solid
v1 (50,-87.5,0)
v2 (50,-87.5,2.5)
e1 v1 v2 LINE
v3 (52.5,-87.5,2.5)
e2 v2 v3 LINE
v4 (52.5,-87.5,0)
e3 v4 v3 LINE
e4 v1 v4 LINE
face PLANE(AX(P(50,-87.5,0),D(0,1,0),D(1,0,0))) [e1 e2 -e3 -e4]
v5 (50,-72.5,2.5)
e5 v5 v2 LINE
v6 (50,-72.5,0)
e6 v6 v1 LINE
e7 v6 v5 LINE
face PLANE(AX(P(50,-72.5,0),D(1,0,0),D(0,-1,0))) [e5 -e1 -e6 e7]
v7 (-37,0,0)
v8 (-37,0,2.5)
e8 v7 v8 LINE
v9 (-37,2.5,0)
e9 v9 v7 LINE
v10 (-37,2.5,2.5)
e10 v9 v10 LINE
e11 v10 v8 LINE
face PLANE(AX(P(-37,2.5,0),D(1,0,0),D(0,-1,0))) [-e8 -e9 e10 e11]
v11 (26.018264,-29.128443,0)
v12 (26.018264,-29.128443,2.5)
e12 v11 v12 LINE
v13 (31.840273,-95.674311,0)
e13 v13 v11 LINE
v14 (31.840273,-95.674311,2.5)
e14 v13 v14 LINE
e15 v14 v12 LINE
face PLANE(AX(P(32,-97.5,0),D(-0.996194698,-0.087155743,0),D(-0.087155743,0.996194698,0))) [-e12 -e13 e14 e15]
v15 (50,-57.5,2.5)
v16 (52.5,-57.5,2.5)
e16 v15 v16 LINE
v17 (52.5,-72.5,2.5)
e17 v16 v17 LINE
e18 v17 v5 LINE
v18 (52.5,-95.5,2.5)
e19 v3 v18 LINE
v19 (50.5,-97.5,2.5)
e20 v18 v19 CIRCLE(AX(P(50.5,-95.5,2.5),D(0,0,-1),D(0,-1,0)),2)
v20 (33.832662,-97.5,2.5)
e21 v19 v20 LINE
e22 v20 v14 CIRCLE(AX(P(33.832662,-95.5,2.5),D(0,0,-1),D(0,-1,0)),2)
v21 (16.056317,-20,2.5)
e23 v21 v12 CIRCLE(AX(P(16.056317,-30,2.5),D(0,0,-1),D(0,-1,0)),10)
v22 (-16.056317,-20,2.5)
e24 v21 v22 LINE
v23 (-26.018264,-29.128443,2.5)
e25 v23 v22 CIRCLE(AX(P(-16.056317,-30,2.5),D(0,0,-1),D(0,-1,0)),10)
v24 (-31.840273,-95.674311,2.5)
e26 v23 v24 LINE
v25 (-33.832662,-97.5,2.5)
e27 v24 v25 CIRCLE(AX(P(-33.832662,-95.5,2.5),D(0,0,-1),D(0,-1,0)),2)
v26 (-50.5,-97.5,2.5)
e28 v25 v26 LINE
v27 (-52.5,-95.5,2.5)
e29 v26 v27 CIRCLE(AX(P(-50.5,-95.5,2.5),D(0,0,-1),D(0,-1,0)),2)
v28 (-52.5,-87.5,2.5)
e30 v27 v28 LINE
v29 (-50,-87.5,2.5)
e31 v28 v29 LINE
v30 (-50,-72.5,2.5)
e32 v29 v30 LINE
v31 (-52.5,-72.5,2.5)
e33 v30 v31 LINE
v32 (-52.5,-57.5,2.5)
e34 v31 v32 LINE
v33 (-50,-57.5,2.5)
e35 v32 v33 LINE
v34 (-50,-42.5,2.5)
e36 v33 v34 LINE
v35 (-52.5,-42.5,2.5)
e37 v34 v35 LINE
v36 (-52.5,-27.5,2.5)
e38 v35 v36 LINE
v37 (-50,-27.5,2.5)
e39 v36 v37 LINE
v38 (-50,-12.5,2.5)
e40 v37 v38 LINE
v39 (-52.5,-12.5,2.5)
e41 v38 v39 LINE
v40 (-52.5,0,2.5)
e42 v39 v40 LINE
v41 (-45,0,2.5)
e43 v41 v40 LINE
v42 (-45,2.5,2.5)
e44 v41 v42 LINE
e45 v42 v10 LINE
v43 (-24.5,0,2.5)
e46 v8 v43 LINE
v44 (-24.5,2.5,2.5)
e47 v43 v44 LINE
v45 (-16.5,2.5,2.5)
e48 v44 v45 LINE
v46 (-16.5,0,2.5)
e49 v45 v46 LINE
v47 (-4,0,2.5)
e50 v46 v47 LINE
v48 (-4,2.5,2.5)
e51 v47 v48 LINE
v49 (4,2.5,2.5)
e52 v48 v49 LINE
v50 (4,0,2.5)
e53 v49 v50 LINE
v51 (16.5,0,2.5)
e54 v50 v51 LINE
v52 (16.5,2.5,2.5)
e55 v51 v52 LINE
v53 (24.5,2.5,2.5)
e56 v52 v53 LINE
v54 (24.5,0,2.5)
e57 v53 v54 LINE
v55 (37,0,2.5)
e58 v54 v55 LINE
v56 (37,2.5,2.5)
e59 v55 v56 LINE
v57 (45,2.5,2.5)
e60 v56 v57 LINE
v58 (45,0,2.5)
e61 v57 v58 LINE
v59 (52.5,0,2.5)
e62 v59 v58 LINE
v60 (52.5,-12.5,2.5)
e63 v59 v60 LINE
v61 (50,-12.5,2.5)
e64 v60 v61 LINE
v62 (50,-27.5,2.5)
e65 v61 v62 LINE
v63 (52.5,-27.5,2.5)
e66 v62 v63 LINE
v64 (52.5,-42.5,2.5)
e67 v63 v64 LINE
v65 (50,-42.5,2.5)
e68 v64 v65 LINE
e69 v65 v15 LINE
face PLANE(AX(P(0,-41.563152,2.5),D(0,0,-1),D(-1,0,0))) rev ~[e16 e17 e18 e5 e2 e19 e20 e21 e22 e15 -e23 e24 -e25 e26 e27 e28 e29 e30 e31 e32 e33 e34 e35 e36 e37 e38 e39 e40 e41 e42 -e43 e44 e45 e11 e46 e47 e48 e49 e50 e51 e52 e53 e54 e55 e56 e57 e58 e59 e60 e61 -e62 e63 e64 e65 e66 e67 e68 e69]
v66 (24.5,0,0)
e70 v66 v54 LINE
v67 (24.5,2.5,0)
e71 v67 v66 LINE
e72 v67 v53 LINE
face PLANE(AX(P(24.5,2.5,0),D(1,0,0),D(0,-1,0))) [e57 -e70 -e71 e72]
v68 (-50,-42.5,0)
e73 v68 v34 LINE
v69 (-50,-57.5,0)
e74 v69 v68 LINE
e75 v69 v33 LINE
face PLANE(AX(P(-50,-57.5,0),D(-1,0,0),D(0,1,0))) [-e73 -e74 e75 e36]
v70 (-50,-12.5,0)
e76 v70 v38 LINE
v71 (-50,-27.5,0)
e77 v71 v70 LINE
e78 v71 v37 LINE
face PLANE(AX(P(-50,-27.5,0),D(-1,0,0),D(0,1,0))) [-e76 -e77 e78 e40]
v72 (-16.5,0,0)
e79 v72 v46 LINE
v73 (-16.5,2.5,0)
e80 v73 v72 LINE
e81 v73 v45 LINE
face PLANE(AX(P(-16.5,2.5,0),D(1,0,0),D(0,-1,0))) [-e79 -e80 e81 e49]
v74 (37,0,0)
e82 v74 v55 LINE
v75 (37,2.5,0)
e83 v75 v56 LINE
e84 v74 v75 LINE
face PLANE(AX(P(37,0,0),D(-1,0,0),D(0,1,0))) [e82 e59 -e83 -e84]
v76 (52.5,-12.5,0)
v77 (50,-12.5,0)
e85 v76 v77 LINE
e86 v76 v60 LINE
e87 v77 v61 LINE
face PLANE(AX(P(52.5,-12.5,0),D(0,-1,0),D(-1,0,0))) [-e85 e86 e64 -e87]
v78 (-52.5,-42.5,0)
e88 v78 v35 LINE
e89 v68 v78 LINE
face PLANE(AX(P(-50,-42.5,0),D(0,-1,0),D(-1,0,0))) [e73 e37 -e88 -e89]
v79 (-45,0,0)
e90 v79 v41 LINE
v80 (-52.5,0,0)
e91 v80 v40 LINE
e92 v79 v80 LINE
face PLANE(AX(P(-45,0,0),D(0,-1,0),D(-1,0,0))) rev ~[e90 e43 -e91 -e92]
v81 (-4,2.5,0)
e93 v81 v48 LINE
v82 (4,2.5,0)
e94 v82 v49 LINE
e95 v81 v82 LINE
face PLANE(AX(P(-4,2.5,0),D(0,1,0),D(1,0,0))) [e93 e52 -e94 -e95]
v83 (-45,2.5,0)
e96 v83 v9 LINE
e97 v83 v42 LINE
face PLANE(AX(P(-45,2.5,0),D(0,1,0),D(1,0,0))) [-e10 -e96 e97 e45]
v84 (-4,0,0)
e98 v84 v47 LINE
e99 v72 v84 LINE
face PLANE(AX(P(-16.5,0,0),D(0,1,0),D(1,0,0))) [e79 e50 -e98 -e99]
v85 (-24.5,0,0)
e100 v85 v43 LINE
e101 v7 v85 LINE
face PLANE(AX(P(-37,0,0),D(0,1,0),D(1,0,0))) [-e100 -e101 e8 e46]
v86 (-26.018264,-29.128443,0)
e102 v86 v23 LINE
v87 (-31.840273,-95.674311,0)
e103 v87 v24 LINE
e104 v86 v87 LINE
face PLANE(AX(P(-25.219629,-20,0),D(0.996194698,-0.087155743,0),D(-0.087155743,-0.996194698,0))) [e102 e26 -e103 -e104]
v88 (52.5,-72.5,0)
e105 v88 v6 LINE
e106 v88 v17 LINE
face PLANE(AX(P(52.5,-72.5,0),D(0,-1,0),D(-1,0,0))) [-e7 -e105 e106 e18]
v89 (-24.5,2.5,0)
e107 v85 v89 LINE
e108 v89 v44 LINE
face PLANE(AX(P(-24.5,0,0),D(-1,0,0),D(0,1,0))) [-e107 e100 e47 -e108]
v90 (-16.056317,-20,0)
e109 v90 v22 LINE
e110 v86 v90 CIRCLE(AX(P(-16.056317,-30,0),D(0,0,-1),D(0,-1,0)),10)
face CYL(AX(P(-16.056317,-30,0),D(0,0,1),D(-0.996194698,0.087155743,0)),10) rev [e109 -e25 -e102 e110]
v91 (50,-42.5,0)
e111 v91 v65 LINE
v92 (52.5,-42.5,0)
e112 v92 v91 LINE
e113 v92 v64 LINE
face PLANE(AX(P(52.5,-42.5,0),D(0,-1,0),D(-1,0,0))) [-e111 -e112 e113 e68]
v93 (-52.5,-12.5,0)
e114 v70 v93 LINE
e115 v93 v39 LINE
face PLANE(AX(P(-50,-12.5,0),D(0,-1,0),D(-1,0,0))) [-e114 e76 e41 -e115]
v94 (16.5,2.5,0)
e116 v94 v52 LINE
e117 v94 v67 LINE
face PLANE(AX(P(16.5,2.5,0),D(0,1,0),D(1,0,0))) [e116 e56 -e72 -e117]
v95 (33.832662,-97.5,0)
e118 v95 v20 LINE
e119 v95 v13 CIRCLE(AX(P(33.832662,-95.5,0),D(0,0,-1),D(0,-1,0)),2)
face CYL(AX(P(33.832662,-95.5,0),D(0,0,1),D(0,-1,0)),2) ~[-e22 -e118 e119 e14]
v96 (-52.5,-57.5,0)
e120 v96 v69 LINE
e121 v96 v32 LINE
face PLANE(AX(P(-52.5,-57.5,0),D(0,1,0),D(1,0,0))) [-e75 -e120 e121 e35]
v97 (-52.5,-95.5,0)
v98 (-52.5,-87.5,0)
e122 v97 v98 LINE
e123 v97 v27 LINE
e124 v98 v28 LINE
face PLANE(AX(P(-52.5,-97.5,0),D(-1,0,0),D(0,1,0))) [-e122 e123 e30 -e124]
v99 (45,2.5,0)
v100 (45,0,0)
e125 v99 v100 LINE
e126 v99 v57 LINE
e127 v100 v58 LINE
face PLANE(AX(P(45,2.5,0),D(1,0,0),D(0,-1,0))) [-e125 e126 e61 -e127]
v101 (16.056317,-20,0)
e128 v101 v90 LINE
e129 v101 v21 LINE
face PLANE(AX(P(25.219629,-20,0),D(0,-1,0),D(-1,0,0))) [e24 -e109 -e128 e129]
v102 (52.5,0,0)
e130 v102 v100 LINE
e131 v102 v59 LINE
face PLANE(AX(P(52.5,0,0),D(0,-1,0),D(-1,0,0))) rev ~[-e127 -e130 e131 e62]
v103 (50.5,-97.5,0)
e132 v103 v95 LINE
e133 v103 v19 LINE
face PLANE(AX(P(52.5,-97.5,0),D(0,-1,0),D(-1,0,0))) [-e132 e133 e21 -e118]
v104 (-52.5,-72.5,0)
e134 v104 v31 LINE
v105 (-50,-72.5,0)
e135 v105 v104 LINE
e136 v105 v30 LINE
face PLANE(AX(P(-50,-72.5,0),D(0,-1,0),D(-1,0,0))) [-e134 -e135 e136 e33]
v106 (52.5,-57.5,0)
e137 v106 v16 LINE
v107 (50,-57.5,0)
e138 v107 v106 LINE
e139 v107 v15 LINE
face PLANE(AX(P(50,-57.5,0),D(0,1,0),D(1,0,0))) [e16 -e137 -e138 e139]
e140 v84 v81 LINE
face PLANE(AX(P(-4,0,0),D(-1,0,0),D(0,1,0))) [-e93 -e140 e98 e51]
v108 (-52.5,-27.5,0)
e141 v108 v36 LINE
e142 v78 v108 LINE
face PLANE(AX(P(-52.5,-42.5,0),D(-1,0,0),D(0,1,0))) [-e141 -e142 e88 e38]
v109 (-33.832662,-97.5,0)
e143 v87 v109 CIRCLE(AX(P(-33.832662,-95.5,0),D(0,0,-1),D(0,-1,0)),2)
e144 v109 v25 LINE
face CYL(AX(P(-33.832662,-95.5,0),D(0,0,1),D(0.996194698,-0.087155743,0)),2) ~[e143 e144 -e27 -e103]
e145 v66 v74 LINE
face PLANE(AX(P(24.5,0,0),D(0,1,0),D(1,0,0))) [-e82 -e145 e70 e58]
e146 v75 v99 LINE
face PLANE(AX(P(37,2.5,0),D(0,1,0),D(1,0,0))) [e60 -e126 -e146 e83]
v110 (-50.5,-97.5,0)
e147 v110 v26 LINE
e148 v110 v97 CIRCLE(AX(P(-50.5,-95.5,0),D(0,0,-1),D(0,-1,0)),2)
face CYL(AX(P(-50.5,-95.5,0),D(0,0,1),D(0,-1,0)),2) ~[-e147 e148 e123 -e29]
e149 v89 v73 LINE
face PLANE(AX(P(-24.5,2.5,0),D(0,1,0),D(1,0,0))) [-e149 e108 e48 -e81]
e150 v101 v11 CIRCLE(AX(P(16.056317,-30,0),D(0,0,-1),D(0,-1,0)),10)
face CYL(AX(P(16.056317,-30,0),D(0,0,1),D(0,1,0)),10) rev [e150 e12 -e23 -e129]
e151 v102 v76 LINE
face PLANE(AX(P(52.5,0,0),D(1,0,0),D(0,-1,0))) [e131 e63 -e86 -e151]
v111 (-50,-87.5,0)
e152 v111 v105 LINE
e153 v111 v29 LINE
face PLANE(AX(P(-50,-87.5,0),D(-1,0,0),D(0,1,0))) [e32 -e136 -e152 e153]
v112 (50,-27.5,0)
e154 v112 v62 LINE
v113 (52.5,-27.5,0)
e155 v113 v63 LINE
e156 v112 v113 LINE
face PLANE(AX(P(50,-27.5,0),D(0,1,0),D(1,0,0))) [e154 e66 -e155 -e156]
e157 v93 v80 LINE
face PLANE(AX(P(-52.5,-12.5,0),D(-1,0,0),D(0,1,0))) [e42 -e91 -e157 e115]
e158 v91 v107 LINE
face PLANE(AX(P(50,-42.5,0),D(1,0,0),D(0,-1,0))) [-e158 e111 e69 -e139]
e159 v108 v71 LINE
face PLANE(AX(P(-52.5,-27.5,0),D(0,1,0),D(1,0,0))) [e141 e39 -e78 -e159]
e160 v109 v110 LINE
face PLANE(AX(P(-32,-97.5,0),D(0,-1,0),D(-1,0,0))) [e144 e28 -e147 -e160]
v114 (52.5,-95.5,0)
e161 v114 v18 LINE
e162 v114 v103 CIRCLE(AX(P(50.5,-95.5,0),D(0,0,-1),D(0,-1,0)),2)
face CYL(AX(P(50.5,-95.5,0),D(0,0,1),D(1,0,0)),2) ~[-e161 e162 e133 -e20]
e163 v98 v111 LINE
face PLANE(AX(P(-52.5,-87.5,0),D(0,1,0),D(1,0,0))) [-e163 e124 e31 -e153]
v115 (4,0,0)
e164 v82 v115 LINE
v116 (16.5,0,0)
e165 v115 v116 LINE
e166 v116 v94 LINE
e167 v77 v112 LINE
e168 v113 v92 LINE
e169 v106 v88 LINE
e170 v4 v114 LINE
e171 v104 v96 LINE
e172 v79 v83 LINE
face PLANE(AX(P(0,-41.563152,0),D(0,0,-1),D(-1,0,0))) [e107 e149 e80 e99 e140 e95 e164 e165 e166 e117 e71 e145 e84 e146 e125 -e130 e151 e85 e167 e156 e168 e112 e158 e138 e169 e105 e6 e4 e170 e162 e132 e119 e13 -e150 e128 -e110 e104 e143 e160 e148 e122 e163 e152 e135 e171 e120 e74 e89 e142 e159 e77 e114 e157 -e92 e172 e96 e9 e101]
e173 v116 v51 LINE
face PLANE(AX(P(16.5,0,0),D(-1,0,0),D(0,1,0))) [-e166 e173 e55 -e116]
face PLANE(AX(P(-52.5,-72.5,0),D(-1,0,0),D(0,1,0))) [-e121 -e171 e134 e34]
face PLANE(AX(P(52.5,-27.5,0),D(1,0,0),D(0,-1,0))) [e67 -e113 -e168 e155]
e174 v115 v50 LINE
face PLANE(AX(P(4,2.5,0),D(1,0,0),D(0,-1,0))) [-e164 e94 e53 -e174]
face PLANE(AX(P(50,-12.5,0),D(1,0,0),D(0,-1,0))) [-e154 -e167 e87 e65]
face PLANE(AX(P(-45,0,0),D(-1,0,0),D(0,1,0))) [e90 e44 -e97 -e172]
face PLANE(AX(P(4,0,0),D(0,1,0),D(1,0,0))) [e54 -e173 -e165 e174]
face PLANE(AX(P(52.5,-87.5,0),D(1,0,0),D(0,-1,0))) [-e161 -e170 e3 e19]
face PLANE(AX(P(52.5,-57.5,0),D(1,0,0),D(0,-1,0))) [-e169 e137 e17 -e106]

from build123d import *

# Parameters (mm, degrees)
BOSS_EXTRUDE1_DEPTH = 2.5
FILLET1_R           = 2
FILLET2_R           = 10


with BuildPart() as part:
    # Sketch1 → Boss-Extrude1 (new body)
    with BuildSketch(Plane.XY):
        Polygon((-25.219628577, -20), (-32, -97.5), (-52.5, -97.5), (-52.5, -87.5), (-50, -87.5), (-50, -72.5), (-52.5, -72.5), (-52.5, -57.5), (-50, -57.5), (-50, -42.5), (-52.5, -42.5), (-52.5, -27.5), (-50, -27.5), (-50, -12.5), (-52.5, -12.5), (-52.5, 0), (-50, 0), (-45, 0), (-45, 2.5), (-37, 2.5), (-37, 0), (-24.5, 0), (-24.5, 2.5), (-16.5, 2.5), (-16.5, 0), (-4, 0), (-4, 2.5), (4, 2.5), (4, 0), (16.5, 0), (16.5, 2.5), (24.5, 2.5), (24.5, 0), (37, 0), (37, 2.5), (45, 2.5), (45, 0), (50, 0), (52.5, 0), (52.5, -12.5), (50, -12.5), (50, -27.5), (52.5, -27.5), (52.5, -42.5), (50, -42.5), (50, -57.5), (52.5, -57.5), (52.5, -72.5), (50, -72.5), (50, -87.5), (52.5, -87.5), (52.5, -97.5), (32, -97.5), (25.219628577, -20), align=None)
    extrude(amount=BOSS_EXTRUDE1_DEPTH)

    # Fillet1
    fillet1_edges = [part.edges().sort_by_distance(p)[0] for p in [
        (52.5, -97.5, 1.25),
        (32, -97.5, 1.25),
        (-32, -97.5, 1.25),
        (-52.5, -97.5, 1.25),
    ]]
    fillet(fillet1_edges, radius=FILLET1_R)

    # Fillet2
    fillet2_edges = [part.edges().sort_by_distance(p)[0] for p in [
        (25.219628577, -20, 1.25),
        (-25.219628577, -20, 1.25),
    ]]
    fillet(fillet2_edges, radius=FILLET2_R)


solid = part.part
